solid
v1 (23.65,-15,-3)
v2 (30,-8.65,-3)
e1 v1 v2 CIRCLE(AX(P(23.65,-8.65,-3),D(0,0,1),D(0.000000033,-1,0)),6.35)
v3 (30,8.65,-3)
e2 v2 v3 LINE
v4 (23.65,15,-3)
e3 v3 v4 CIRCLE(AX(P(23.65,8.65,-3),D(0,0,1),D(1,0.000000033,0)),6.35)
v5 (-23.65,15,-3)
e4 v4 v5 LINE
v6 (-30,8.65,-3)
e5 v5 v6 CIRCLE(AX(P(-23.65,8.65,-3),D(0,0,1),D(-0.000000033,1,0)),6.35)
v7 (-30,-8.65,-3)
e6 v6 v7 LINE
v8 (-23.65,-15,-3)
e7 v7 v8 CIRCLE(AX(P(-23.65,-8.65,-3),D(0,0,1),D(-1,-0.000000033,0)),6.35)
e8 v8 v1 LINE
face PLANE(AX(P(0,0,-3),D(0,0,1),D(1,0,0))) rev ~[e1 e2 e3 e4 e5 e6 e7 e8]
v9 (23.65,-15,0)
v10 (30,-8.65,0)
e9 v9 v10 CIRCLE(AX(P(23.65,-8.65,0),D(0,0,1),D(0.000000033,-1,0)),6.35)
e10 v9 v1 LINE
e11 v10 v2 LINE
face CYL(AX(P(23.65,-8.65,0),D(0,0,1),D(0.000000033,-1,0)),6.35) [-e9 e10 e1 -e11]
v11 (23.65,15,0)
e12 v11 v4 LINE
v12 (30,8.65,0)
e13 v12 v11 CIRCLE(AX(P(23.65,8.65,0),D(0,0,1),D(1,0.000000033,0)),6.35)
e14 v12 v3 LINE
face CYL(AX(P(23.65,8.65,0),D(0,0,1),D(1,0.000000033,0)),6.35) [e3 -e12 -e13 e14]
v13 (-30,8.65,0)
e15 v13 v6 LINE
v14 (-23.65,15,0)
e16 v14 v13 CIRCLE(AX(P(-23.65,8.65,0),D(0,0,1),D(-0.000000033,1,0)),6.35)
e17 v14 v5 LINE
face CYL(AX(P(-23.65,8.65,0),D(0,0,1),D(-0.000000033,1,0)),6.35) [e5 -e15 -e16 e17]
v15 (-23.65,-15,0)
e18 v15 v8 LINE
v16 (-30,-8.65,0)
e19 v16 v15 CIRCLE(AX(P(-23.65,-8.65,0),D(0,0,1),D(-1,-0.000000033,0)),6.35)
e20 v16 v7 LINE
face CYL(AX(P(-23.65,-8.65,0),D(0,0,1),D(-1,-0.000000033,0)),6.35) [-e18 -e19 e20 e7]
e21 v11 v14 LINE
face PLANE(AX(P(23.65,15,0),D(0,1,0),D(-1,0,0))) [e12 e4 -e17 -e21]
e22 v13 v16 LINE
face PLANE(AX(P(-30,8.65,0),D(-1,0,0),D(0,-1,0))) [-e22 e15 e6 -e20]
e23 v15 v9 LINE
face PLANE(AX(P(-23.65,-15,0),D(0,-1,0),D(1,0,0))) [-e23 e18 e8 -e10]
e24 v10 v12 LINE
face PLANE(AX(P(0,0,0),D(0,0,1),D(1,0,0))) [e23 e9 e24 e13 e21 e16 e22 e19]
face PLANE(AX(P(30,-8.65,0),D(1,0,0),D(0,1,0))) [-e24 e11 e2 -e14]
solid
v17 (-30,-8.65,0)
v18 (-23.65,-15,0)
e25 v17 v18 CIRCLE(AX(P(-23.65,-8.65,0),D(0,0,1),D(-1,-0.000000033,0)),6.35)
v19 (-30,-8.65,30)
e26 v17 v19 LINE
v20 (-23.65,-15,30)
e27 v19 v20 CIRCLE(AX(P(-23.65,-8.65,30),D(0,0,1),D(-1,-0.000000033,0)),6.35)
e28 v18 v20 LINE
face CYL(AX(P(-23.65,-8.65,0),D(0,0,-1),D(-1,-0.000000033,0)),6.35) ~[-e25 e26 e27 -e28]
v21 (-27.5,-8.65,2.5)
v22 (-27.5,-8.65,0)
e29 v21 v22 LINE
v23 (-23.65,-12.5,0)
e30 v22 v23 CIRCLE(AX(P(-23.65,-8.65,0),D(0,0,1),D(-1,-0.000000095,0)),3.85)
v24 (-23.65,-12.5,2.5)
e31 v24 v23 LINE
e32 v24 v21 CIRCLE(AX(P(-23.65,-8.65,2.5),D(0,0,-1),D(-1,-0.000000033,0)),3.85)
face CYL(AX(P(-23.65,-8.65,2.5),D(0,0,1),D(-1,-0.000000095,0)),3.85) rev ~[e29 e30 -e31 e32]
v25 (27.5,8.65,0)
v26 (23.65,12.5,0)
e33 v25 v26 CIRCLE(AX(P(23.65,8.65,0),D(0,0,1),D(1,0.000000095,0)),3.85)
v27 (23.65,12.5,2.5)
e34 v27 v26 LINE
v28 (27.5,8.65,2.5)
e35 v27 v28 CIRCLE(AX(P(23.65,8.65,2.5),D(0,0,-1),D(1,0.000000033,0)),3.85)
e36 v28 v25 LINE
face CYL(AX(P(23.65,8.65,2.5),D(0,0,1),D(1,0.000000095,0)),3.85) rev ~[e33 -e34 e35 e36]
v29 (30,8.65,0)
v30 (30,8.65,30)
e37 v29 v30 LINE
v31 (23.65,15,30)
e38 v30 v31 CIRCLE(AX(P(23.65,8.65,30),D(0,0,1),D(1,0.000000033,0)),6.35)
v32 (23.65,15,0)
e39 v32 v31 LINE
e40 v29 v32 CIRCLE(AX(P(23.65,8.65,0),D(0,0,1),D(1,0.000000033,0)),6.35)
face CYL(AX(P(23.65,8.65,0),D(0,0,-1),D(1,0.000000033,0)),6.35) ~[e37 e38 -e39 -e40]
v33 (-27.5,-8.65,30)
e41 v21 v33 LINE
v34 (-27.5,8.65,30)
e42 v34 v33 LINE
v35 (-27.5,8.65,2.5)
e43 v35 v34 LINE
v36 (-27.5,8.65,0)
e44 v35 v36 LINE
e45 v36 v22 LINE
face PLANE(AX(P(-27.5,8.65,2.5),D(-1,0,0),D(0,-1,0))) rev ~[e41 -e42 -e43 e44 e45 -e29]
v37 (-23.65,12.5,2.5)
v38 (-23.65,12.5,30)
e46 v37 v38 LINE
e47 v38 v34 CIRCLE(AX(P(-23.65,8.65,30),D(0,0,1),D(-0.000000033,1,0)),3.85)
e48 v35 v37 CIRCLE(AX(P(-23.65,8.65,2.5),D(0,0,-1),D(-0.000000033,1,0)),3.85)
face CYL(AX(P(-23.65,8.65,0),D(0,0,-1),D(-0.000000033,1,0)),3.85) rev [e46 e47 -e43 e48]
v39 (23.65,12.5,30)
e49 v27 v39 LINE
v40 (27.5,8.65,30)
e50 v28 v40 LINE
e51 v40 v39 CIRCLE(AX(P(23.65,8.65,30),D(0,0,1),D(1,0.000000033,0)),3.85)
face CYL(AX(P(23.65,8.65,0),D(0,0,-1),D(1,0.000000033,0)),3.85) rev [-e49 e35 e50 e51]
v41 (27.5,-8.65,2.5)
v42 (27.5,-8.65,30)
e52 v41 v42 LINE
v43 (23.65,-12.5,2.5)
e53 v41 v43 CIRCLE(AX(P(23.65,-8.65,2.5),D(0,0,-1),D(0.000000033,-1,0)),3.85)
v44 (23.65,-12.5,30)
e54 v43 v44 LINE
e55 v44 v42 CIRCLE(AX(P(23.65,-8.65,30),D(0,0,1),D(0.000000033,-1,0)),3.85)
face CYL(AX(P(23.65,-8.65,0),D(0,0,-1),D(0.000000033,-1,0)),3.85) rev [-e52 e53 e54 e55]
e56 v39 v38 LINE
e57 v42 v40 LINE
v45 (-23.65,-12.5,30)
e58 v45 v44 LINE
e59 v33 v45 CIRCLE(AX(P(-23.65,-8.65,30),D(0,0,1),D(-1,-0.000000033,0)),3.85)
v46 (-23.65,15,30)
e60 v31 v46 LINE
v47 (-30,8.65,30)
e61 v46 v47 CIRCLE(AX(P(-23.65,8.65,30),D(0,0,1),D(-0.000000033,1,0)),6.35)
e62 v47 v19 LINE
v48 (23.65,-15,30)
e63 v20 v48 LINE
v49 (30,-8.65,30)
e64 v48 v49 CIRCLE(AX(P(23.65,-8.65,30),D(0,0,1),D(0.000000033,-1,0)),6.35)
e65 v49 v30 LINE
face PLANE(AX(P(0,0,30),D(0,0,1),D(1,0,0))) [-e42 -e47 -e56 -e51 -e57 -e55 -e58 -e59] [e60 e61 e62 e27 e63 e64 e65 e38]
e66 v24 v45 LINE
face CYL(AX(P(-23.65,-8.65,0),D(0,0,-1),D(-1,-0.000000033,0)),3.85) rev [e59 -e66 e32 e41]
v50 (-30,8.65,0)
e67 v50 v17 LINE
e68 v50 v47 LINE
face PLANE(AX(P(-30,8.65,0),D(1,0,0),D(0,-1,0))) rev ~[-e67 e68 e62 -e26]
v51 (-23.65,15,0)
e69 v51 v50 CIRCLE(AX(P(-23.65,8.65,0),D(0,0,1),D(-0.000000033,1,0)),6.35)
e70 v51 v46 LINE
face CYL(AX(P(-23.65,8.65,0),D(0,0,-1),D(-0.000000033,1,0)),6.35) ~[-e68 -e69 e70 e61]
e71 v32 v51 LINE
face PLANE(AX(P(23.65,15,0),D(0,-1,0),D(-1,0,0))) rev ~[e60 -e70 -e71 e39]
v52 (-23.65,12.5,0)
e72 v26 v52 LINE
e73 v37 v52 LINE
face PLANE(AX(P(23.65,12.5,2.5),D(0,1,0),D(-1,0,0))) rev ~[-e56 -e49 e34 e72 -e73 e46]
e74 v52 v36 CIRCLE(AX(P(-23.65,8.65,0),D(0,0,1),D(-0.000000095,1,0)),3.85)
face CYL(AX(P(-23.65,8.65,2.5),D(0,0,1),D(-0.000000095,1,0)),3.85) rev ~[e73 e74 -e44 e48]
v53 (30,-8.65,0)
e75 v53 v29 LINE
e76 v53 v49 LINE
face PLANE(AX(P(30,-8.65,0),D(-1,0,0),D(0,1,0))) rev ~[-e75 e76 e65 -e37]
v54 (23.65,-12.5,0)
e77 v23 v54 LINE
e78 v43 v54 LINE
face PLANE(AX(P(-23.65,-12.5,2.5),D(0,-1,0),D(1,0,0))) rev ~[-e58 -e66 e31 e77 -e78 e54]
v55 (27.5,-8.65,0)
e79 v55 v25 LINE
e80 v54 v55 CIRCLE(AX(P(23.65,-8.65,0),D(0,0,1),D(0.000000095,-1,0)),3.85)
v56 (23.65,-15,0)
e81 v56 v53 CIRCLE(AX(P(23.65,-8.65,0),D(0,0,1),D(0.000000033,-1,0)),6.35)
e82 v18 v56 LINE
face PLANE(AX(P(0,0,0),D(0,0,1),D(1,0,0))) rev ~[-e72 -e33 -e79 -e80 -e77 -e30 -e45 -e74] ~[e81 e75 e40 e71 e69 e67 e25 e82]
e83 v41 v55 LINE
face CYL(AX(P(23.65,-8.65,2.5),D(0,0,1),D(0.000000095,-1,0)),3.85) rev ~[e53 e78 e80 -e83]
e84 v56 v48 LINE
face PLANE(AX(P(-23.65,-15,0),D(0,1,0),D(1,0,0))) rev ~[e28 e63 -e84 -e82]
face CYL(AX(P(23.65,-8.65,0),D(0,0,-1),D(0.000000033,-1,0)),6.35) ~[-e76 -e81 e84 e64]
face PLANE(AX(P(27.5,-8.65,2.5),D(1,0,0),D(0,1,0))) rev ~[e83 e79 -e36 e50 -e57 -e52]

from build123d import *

# Parameters (mm, degrees)
F1_DEPTH = 30
F2_T     = -2.5
F4_DEPTH = 2.501
F5_DEPTH = 3


with BuildPart() as f1:
    # F0 (on Top) → F1 (new body)
    with BuildSketch(Plane.XY):
        with BuildLine():
            Line((-23.65, -15), (23.65, -15))
            ThreePointArc((23.65, -15), (28.140128, -13.140128), (30, -8.65))
            Line((30, -8.65), (30, 8.65))
            ThreePointArc((30, 8.65), (28.140128, 13.140128), (23.65, 15))
            Line((23.65, 15), (-23.65, 15))
            ThreePointArc((-23.65, 15), (-28.140128, 13.140128), (-30, 8.65))
            Line((-30, 8.65), (-30, -8.65))
            ThreePointArc((-30, -8.65), (-28.140128, -13.140128), (-23.65, -15))
        make_face()
    extrude(amount=F1_DEPTH)

    # F2
    f2_openings = [f1.faces().sort_by_distance(p)[0] for p in [
        (0, 0, 30),
    ]]
    offset(amount=F2_T, openings=f2_openings)

    # F3 (on face) → F4 (cut, through all)
    with BuildSketch(Plane.XY.offset(2.5)):
        with BuildLine():
            Line((27.5, -8.65), (27.5, 8.65))
            ThreePointArc((27.5, 8.65), (26.372361, 11.372361), (23.65, 12.5))
            Line((23.65, 12.5), (-23.65, 12.5))
            ThreePointArc((-23.65, 12.5), (-26.372361, 11.372361), (-27.5, 8.65))
            Line((-27.5, 8.65), (-27.5, -8.65))
            ThreePointArc((-27.5, -8.65), (-26.372361, -11.372361), (-23.65, -12.5))
            Line((-23.65, -12.5), (23.65, -12.5))
            ThreePointArc((23.65, -12.5), (26.372361, -11.372361), (27.5, -8.65))
        make_face()
    extrude(amount=-F4_DEPTH, mode=Mode.SUBTRACT)


with BuildPart() as f5:
    # F0 (on Top) → F5 (new body)
    with BuildSketch(Plane.XY):
        with BuildLine():
            Line((-23.65, -15), (23.65, -15))
            ThreePointArc((23.65, -15), (28.140128, -13.140128), (30, -8.65))
            Line((30, -8.65), (30, 8.65))
            ThreePointArc((30, 8.65), (28.140128, 13.140128), (23.65, 15))
            Line((23.65, 15), (-23.65, 15))
            ThreePointArc((-23.65, 15), (-28.140128, 13.140128), (-30, 8.65))
            Line((-30, 8.65), (-30, -8.65))
            ThreePointArc((-30, -8.65), (-28.140128, -13.140128), (-23.65, -15))
        make_face()
    extrude(amount=-F5_DEPTH)


solid = Compound([f1.part, f5.part])
